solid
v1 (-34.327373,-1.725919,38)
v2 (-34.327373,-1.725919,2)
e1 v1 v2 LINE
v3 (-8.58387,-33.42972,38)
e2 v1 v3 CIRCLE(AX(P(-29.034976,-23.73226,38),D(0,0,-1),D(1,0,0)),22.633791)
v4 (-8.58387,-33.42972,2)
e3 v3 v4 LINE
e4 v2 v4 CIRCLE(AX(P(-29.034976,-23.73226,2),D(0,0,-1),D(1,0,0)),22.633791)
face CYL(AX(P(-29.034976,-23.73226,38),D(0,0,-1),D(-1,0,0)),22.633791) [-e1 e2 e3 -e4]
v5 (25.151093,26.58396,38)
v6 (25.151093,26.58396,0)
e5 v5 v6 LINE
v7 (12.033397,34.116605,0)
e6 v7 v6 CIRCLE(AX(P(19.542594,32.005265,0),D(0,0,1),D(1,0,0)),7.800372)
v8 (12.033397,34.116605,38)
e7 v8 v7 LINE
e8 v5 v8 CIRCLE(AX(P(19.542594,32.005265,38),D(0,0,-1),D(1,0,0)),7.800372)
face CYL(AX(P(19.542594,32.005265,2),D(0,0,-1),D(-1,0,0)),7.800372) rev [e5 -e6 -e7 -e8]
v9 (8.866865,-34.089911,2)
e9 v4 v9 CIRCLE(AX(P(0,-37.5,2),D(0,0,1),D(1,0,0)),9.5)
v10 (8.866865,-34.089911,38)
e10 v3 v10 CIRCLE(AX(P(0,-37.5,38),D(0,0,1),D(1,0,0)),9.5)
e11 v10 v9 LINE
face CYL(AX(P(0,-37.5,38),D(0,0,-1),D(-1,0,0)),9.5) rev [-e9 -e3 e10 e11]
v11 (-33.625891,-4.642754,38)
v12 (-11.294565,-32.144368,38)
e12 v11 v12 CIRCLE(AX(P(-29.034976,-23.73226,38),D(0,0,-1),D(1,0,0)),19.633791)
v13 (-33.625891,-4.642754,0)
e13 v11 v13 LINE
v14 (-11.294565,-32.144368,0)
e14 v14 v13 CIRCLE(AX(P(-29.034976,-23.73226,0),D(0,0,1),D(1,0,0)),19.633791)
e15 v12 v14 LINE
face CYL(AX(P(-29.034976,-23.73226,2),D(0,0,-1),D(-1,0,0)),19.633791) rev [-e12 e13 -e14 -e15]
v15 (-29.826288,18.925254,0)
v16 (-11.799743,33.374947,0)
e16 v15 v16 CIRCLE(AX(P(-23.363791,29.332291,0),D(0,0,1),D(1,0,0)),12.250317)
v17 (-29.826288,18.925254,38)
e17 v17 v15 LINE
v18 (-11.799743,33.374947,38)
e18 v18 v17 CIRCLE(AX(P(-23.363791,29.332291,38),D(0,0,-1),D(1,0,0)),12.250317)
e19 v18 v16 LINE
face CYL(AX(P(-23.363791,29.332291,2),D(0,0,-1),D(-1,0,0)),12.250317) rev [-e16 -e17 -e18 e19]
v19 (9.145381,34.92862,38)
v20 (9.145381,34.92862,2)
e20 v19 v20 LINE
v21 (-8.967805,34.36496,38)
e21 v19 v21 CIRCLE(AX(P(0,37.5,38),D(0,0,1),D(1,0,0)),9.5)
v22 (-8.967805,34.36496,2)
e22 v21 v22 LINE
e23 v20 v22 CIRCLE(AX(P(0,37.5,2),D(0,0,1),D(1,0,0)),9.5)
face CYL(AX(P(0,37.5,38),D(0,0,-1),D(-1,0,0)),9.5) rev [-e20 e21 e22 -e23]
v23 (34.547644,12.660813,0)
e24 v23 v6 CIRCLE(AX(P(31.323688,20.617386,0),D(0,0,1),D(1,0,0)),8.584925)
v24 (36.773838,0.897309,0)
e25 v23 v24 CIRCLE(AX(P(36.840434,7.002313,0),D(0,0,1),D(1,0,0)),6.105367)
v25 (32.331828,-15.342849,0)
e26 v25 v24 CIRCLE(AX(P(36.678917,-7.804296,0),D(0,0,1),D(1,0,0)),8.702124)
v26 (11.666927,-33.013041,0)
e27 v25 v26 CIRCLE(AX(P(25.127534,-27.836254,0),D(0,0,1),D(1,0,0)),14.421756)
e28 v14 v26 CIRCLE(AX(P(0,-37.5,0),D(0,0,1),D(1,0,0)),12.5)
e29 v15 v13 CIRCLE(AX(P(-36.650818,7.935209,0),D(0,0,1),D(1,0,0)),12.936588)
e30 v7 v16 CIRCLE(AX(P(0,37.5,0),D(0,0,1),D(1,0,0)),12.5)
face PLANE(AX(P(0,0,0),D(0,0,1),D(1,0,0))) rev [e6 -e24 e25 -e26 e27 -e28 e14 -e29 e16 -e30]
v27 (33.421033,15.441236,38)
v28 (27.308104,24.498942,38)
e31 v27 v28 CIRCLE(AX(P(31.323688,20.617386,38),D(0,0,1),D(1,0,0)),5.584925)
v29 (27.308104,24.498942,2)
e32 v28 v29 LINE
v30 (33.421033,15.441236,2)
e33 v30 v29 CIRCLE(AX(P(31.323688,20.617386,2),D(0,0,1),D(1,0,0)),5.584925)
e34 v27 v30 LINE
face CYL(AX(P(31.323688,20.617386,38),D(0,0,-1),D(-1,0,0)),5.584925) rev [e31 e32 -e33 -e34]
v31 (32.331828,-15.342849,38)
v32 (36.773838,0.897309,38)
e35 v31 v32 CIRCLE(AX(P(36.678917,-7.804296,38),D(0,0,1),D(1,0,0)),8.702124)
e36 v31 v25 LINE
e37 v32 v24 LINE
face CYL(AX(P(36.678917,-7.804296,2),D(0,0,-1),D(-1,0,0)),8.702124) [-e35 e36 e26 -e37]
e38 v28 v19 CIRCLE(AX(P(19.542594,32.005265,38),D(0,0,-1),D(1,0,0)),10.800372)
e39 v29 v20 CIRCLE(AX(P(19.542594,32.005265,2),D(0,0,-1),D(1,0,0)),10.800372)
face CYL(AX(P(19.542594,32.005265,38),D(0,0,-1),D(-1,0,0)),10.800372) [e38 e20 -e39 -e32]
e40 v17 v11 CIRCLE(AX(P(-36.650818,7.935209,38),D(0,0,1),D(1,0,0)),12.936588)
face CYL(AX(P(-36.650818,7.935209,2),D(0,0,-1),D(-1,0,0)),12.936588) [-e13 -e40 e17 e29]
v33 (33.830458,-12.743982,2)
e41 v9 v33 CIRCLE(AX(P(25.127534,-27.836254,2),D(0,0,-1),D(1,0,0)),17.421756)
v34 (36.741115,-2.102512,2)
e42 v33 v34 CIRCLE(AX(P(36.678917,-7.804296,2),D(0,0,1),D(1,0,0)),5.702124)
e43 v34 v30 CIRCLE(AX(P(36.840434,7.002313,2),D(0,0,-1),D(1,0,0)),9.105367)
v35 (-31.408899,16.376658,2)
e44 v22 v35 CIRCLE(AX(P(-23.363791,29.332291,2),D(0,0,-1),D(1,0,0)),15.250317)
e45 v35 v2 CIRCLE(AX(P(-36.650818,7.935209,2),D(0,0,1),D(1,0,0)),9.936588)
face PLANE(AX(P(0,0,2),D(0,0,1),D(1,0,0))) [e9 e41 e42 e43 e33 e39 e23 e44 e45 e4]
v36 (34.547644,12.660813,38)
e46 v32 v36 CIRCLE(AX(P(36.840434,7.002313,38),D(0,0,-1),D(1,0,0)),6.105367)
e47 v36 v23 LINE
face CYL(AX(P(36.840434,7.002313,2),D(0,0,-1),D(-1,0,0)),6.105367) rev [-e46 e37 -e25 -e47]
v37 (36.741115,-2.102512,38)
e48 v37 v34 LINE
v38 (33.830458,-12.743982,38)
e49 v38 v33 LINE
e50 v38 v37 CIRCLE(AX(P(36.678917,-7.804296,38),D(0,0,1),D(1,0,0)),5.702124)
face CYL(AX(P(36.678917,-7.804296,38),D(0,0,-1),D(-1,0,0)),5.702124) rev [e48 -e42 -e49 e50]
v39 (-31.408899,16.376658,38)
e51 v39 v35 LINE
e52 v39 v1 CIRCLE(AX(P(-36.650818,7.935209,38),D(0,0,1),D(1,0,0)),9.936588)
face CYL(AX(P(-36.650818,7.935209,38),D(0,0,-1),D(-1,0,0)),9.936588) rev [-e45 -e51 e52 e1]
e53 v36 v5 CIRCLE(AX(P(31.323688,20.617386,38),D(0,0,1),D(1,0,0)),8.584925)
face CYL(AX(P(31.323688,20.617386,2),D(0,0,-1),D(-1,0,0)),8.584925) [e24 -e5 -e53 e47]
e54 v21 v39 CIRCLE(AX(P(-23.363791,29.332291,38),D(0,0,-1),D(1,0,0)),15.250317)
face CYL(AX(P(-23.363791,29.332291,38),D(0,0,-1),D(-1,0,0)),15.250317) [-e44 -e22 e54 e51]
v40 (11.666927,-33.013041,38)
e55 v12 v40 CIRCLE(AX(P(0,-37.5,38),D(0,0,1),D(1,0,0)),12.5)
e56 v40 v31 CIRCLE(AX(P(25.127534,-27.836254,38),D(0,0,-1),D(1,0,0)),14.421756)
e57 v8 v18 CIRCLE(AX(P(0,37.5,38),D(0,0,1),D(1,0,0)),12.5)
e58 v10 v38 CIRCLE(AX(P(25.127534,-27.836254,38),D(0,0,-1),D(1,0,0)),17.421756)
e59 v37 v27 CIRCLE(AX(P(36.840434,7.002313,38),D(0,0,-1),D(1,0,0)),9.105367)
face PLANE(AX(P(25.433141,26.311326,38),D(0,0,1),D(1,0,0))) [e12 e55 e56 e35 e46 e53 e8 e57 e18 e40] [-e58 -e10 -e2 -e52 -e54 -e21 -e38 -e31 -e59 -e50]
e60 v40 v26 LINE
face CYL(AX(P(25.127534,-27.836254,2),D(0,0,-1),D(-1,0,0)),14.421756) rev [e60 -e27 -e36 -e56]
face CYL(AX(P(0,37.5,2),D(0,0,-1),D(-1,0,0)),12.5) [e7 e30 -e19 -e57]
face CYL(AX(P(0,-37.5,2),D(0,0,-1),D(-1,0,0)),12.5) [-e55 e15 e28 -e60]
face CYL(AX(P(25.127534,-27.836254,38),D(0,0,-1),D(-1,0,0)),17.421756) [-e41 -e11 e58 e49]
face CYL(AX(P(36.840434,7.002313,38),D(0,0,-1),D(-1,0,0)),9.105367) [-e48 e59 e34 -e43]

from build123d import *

# Parameters (mm, degrees)
BOSS_EXTRUDE2_DEPTH = 2
BOSS_EXTRUDE3_DEPTH = 36


with BuildPart() as part:
    # Sketch1 → Boss-Extrude2 (new body)
    with BuildSketch(Plane.XY):
        with BuildLine():
            ThreePointArc((36.77383834, 0.897309378), (30.841544287, 5.867048301), (34.547643901, 12.660813336))
            ThreePointArc((34.547643901, 12.660813336), (38.439664011, 25.419866138), (25.151092425, 26.583959838))
            ThreePointArc((25.151092425, 26.583959838), (15.658221947, 25.240839631), (12.033396672, 34.116604585))
            ThreePointArc((12.033396672, 34.116604585), (-0.388796102, 49.993952041), (-11.79974319, 33.374947194))
            ThreePointArc((-11.79974319, 33.374947194), (-15.701881175, 19.773765205), (-29.82628778, 18.925254505))
            ThreePointArc((-29.82628778, 18.925254505), (-49.422493782, 9.994241781), (-33.625891529, -4.642753649))
            ThreePointArc((-33.625891529, -4.642753649), (-13.793191326, -11.35592194), (-11.294565378, -32.144368111))
            ThreePointArc((-11.294565378, -32.144368111), (-0.472558297, -49.991064352), (11.666927416, -33.013040598))
            ThreePointArc((11.666927416, -33.013040598), (15.7550057, -16.875289061), (32.331827923, -15.342848629))
            ThreePointArc((32.331827923, -15.342848629), (45.072719303, -10.100170445), (36.77383834, 0.897309378))
        make_face()
    extrude(amount=BOSS_EXTRUDE2_DEPTH)

    # Sketch2 → Boss-Extrude3 (add)
    with BuildSketch(Plane.XY.offset(2)):
        with BuildLine():
            ThreePointArc((34.547643726, 12.660813265), (30.841544291, 5.867048278), (36.773838199, 0.89730938))
            ThreePointArc((36.773838199, 0.89730938), (45.072719321, -10.100170381), (32.331827916, -15.342848625))
            ThreePointArc((32.331827916, -15.342848625), (15.755005651, -16.875289103), (11.666927459, -33.013040709))
            ThreePointArc((11.666927459, -33.013040709), (-0.472558319, -49.991064352), (-11.29456541, -32.14436818))
            ThreePointArc((-11.29456541, -32.14436818), (-13.793191238, -11.355922049), (-33.62589133, -4.642753601))
            ThreePointArc((-33.62589133, -4.642753601), (-49.422493786, 9.994241754), (-29.826287652, 18.925254425))
            ThreePointArc((-29.826287652, 18.925254425), (-15.701881135, 19.773765237), (-11.799743174, 33.374947148))
            ThreePointArc((-11.799743174, 33.374947148), (-0.388796168, 49.993952038), (12.033396695, 34.116604666))
            ThreePointArc((12.033396695, 34.116604666), (15.65822203, 25.240839584), (25.151092616, 26.583960036))
            ThreePointArc((25.151092616, 26.583960036), (38.439664141, 25.419865946), (34.547643726, 12.660813265))
        make_face()
        with BuildLine():
            ThreePointArc((-31.408898966, 16.376658454), (-13.825543659, 17.432962452), (-8.967804812, 34.364959833))
            ThreePointArc((-8.967804812, 34.364959833), (-0.295485088, 46.995403549), (9.145381488, 34.928619546))
            ThreePointArc((9.145381488, 34.928619546), (14.164303925, 22.639261467), (27.308104459, 24.498942072))
            ThreePointArc((27.308104459, 24.498942072), (35.952987853, 23.741640383), (33.421033039, 15.4412356))
            ThreePointArc((33.421033039, 15.4412356), (27.893864073, 5.309211984), (36.741114762, -2.102512145))
            ThreePointArc((36.741114762, -2.102512145), (42.179011051, -9.308682891), (33.830458389, -12.743982198))
            ThreePointArc((33.830458389, -12.743982198), (13.805341223, -14.595199495), (8.866864868, -34.089910939))
            ThreePointArc((8.866864868, -34.089910939), (-0.359144322, -46.993208907), (-8.583869712, -33.429719817))
            ThreePointArc((-8.583869712, -33.429719817), (-11.464280061, -9.464844913), (-34.327373037, -1.725919116))
            ThreePointArc((-34.327373037, -1.725919116), (-46.460737086, 9.516751182), (-31.408898966, 16.376658454))
        make_face(mode=Mode.SUBTRACT)
    extrude(amount=BOSS_EXTRUDE3_DEPTH)


solid = part.part
